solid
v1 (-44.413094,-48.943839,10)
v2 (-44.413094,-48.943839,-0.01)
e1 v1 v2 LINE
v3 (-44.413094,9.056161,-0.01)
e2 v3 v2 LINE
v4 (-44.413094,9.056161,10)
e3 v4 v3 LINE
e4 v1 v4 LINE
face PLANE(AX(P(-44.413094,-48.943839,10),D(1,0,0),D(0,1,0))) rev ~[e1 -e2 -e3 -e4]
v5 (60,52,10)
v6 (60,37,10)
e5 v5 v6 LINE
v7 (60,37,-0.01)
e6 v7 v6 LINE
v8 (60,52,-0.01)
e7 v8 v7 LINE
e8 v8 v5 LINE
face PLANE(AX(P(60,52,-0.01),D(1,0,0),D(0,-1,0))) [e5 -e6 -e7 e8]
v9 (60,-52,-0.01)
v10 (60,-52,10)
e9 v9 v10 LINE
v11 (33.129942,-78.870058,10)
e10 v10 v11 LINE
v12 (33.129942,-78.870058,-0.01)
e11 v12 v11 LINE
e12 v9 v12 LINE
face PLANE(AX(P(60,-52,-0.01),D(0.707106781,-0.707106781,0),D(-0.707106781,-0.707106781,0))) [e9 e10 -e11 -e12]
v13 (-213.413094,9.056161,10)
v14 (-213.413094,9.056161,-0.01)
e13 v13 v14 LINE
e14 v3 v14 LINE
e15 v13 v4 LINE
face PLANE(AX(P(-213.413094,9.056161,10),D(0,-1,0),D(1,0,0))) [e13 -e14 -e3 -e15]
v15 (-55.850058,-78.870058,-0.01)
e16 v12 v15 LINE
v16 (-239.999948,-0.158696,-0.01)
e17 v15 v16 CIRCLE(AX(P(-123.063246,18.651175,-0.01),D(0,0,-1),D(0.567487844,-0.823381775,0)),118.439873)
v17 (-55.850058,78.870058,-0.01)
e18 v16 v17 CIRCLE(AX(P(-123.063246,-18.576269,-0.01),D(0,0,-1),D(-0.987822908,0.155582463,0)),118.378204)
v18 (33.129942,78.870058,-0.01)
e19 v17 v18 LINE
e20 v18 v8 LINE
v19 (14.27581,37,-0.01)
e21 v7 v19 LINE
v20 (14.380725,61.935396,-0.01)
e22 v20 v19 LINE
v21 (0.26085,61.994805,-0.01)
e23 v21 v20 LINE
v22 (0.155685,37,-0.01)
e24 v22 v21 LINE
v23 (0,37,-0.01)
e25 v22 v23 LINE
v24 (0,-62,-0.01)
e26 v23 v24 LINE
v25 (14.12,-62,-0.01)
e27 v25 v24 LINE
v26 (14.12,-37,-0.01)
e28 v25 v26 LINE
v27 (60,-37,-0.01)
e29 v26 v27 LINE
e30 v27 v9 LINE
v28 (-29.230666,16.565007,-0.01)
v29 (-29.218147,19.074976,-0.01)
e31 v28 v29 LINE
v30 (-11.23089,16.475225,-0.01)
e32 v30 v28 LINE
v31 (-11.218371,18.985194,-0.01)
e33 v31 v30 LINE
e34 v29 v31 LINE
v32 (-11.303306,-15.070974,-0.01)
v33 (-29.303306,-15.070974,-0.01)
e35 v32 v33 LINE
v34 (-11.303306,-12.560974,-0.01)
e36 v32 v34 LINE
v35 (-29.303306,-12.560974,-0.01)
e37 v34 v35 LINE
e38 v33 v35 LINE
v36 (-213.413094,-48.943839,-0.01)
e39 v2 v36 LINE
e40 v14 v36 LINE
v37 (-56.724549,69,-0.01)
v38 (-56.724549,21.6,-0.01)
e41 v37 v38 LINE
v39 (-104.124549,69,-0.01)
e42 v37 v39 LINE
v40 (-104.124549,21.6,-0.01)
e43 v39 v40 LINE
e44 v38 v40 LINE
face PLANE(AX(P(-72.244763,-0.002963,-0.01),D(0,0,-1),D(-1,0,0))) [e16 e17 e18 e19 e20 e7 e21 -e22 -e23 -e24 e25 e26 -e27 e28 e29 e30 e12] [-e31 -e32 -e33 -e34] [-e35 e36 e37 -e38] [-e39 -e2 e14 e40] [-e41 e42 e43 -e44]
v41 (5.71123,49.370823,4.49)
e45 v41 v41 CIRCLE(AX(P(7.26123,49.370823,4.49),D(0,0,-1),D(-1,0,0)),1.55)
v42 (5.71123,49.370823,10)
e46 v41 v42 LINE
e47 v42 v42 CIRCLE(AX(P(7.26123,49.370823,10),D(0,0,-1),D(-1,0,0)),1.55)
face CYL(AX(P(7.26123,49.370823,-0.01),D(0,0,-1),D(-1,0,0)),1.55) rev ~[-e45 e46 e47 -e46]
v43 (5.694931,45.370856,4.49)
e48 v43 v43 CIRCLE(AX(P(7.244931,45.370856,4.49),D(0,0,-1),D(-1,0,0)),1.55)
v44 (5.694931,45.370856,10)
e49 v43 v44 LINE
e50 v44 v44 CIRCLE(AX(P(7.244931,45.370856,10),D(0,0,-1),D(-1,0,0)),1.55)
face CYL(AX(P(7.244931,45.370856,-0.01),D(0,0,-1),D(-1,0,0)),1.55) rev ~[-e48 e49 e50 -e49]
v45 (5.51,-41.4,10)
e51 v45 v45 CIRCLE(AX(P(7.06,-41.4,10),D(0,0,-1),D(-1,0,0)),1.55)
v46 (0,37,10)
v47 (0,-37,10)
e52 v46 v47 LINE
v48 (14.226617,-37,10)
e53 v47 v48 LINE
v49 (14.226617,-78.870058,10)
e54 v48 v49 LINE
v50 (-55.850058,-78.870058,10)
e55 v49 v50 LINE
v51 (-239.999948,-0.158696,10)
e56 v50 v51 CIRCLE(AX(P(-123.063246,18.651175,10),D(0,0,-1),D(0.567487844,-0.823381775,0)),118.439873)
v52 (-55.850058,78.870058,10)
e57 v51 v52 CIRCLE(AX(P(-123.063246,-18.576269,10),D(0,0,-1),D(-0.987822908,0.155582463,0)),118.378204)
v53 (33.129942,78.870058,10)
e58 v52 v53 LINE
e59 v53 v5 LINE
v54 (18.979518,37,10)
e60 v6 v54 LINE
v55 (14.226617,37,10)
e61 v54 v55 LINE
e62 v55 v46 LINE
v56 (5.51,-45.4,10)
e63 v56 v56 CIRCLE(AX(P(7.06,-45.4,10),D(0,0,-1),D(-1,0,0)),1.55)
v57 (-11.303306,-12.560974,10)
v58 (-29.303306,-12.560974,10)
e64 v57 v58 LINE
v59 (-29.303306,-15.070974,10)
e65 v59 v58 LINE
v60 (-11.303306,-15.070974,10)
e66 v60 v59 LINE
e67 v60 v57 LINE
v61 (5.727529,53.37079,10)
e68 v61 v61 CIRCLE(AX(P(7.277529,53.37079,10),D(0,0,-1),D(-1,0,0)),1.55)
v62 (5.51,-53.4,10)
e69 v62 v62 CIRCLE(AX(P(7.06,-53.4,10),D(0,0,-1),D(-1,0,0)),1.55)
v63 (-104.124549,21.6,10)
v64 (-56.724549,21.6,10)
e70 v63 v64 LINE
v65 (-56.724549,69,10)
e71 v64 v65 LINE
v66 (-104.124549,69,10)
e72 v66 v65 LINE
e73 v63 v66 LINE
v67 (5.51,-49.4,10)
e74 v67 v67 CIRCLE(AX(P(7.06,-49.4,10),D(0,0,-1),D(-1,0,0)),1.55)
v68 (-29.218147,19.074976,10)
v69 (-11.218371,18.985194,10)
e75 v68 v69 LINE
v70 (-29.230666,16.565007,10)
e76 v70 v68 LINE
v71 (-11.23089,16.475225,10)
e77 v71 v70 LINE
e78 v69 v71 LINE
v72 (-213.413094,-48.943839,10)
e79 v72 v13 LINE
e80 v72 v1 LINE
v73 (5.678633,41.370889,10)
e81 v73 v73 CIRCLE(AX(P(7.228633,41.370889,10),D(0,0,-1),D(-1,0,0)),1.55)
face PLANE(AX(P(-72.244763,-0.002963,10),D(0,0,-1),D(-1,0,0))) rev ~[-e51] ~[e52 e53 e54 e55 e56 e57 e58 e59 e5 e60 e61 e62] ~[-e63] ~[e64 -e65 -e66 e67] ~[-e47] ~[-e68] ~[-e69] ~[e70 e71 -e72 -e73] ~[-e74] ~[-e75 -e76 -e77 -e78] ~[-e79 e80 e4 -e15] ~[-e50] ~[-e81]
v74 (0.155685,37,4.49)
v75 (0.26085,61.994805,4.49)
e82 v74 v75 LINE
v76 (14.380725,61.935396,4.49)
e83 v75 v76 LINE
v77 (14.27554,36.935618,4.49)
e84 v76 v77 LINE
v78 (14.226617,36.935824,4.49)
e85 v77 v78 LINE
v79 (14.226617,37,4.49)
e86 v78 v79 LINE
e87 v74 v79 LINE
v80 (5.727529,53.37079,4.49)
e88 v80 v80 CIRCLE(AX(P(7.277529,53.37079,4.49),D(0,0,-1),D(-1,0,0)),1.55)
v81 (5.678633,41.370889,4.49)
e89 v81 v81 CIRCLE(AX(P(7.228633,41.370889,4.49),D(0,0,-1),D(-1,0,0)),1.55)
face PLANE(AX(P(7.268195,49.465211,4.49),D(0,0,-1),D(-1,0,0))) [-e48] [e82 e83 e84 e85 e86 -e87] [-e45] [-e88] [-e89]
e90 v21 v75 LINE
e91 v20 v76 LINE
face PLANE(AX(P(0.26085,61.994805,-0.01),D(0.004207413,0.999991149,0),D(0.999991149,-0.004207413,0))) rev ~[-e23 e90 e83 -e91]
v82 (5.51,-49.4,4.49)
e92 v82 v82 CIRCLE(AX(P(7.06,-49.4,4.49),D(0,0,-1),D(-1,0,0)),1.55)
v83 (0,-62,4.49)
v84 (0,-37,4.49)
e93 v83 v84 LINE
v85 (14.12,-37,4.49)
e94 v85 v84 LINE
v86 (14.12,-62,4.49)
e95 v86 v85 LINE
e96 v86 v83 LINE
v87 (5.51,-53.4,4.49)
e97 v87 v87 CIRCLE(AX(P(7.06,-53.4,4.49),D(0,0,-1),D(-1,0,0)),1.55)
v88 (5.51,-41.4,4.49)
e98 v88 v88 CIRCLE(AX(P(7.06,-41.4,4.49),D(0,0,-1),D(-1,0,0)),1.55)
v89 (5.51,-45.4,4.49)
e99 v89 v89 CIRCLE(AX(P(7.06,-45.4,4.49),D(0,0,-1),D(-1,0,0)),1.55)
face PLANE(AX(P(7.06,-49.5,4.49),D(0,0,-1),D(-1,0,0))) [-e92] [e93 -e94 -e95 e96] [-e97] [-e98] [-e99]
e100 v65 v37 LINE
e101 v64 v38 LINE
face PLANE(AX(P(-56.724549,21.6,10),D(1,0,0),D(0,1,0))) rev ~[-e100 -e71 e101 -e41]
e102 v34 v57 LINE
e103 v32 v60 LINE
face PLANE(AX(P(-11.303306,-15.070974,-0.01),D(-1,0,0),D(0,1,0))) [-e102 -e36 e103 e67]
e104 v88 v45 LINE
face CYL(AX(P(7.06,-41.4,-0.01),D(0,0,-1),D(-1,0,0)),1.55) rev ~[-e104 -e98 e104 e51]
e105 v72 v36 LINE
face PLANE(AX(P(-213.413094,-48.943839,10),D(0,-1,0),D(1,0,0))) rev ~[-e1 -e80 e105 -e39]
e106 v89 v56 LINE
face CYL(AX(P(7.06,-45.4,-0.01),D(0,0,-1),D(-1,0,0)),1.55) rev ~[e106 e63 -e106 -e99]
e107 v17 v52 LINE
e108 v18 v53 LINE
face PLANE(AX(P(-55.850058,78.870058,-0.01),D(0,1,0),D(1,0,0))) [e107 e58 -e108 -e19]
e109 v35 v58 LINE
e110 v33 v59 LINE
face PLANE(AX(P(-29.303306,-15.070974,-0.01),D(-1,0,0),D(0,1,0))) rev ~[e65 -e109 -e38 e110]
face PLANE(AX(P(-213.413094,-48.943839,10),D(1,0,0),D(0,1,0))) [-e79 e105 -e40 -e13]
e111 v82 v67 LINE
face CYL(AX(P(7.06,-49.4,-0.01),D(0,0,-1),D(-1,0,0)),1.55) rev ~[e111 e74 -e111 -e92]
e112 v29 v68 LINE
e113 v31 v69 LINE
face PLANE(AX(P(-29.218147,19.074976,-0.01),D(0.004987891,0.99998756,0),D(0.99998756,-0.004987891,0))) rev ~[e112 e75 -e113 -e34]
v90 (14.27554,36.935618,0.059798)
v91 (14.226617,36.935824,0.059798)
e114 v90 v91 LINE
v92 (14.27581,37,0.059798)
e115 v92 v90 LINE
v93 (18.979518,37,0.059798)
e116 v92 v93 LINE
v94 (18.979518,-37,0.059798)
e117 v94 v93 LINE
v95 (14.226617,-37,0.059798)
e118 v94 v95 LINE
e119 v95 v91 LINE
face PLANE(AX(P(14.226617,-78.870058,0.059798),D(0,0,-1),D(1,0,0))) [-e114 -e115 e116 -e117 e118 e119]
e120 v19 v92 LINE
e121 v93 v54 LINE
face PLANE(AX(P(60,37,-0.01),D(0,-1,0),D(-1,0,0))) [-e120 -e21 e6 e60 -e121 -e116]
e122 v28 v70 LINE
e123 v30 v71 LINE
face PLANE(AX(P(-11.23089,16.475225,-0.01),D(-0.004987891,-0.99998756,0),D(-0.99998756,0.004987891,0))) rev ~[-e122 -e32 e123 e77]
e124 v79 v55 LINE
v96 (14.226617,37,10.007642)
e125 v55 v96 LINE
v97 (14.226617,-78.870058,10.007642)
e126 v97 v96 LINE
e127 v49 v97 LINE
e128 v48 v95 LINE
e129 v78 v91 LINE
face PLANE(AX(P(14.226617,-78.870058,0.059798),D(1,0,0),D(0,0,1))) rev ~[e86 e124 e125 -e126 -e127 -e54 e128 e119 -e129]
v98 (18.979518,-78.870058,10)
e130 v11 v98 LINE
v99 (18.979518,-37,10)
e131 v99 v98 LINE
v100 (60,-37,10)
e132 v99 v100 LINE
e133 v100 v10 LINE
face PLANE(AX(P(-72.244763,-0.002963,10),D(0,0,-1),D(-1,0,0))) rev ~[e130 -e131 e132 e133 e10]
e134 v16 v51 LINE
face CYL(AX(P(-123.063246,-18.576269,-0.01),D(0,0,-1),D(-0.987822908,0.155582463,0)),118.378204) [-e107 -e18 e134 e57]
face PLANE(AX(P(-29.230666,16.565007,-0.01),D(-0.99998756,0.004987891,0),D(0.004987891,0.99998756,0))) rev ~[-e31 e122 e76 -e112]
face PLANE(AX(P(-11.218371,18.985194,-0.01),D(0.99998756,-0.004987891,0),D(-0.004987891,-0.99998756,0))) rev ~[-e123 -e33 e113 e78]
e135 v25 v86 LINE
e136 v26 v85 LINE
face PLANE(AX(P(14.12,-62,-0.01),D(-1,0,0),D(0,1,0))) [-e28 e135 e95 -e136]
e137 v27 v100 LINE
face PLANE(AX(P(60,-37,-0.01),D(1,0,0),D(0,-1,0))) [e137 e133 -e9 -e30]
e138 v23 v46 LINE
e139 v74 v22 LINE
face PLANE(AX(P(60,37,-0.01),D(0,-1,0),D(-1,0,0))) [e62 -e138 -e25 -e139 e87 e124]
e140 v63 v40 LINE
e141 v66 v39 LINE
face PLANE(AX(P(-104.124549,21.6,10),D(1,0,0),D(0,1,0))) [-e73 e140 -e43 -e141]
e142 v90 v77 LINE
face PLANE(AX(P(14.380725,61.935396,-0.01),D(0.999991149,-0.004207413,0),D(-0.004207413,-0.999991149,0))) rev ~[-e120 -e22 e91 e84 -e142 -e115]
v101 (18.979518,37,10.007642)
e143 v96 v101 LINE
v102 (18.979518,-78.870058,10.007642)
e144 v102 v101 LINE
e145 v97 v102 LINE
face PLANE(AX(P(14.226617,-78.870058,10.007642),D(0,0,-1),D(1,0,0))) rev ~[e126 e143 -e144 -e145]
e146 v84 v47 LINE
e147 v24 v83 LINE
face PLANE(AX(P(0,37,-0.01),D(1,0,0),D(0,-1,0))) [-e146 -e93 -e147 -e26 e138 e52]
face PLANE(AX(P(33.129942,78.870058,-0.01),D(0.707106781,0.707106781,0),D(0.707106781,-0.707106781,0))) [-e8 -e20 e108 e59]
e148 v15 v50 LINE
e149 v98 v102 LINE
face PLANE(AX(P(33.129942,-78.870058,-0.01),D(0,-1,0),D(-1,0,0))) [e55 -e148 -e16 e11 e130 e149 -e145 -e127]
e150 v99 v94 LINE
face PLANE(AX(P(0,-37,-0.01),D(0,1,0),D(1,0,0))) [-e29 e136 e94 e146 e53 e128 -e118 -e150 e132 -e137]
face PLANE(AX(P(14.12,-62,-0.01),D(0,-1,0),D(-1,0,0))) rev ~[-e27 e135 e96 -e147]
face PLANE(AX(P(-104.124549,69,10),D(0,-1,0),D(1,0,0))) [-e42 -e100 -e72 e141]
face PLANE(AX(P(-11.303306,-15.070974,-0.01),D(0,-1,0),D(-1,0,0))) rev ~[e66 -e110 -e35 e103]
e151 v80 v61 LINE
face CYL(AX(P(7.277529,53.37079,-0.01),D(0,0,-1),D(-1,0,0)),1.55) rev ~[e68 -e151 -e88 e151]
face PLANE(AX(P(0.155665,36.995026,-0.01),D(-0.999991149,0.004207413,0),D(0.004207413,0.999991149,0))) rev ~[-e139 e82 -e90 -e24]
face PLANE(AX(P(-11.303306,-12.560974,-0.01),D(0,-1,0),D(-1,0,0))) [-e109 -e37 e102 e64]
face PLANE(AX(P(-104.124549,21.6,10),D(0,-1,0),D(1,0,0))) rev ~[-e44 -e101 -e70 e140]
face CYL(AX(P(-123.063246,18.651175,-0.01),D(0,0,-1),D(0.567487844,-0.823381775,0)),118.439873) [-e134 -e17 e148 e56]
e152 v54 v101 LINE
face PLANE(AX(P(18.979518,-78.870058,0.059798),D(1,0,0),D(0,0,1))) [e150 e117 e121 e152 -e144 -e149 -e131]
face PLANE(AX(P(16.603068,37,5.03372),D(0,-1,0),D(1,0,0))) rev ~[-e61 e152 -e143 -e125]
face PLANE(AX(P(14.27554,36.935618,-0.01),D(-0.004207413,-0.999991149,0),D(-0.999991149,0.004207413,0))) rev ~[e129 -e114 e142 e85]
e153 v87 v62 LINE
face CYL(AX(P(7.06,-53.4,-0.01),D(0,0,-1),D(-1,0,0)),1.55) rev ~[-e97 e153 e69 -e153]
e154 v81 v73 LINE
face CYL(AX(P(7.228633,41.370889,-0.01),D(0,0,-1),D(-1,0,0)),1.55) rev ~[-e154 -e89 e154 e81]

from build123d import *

# Parameters (mm, degrees)
BOSS_EXTRUDE1_DEPTH      = 10
BOSS_EXTRUDE1_DEPTH_BACK = 0.01
SKETCH7_W                = 169
SKETCH7_H                = 58
CUT_EXTRUDE4_DEPTH       = 261.116514656
SKETCH18_W               = 47.4
SKETCH18_H               = 47.4
CUT_EXTRUDE18_DEPTH      = 261.116514656
SKETCH28_W               = 4.75290021
SKETCH28_H               = 9.947843747
BOSS_EXTRUDE6_DEPTH      = 115.870057685
SKETCH30_W               = 14.12
SKETCH30_H               = 25
CUT_EXTRUDE25_DEPTH      = 4.5
SKETCH33_R               = 1.55
CUT_EXTRUDE26_DEPTH      = 10.01
SKETCH44_W               = 18
SKETCH44_H               = 2.51
CUT_EXTRUDE30_DEPTH      = 10.01


with BuildPart() as part:
    # Sketch1 → Boss-Extrude1 (new, two sides: drawn at the far end of the back side and taken through both)
    with BuildSketch(Plane.XY.offset(-BOSS_EXTRUDE1_DEPTH_BACK)):
        with BuildLine():
            Line((0, 0), (0, -37))
            Line((0, -37), (60, -37))
            Line((60, -37), (60, -52))
            Line((60, -52), (33.129942315, -78.870057685))
            Line((33.129942315, -78.870057685), (-55.850057685, -78.870057685))
            ThreePointArc((-55.850057685, -78.870057685), (-169.614041234, -90.257166815), (-239.999947532, -0.158696229))
            ThreePointArc((-239.999947532, -0.158696229), (-169.748285548, 90.207490359), (-55.850057685, 78.870057685))
            Line((-55.850057685, 78.870057685), (33.129942315, 78.870057685))
            Line((33.129942315, 78.870057685), (60, 52))
            Line((60, 52), (60, 37))
            Line((60, 37), (0, 37))
            Line((0, 37), (0, 0))
        make_face()
    extrude(amount=BOSS_EXTRUDE1_DEPTH + BOSS_EXTRUDE1_DEPTH_BACK)

    # Sketch7 → Cut-Extrude4 (cut, through all)
    with BuildSketch(Plane.XY.offset(10)):
        with Locations((-128.91309413, -19.94383898)):
            Rectangle(SKETCH7_W, SKETCH7_H)
    extrude(amount=-CUT_EXTRUDE4_DEPTH, mode=Mode.SUBTRACT)

    # Sketch18 → Cut-Extrude18 (cut, through all)
    with BuildSketch(Plane.XY.offset(10)):
        with Locations((-80.42454895, 45.3)):
            Rectangle(SKETCH18_W, SKETCH18_H)
    extrude(amount=-CUT_EXTRUDE18_DEPTH, mode=Mode.SUBTRACT)

    # Sketch28 → Boss-Extrude6 (add)
    with BuildSketch(Plane.XZ.offset(78.870057685)):
        with Locations((16.603067585, 5.033719824)):
            Rectangle(SKETCH28_W, SKETCH28_H)
    extrude(amount=-BOSS_EXTRUDE6_DEPTH)

    # Sketch30 → Cut-Extrude25 (cut)
    with BuildSketch(Plane(origin=(0, 0, -0.01), x_dir=(-1, 0, 0), z_dir=(0, 0, -1))):
        with Locations((-7.06, -49.5)):
            Rectangle(SKETCH30_W, SKETCH30_H)
        Polygon((-14.38072485, 61.935396467), (-14.275539526, 36.935617747), (-0.155664505, 36.995026418), (-0.260849829, 61.994805138), align=None)
    extrude(amount=-CUT_EXTRUDE25_DEPTH, mode=Mode.SUBTRACT)

    # Sketch33 → Cut-Extrude26 (cut)
    with BuildSketch(Plane(origin=(0, 0, -0.01), x_dir=(-1, 0, 0), z_dir=(0, 0, -1))):
        with Locations((-7.06, -53.4)):
            Circle(SKETCH33_R)
        with Locations((-7.06, -49.4)):
            Circle(SKETCH33_R)
        with Locations((-7.06, -45.4)):
            Circle(SKETCH33_R)
        with Locations((-7.06, -41.4)):
            Circle(SKETCH33_R)
        with Locations((-7.228632788, 41.370889137)):
            Circle(SKETCH33_R)
        with Locations((-7.244931474, 45.370855931)):
            Circle(SKETCH33_R)
        with Locations((-7.261230159, 49.370822725)):
            Circle(SKETCH33_R)
        with Locations((-7.277528845, 53.370789519)):
            Circle(SKETCH33_R)
    extrude(amount=-CUT_EXTRUDE26_DEPTH, mode=Mode.SUBTRACT)

    # Sketch44 → Cut-Extrude30 (cut)
    with BuildSketch(Plane(origin=(0, 0, -0.01), x_dir=(-1, 0, 0), z_dir=(0, 0, -1))):
        with Locations((20.303305502, -13.815974066)):
            Rectangle(SKETCH44_W, SKETCH44_H)
        Polygon((29.23066644, 16.565007379), (29.218146833, 19.074976156), (11.218370746, 18.985194117), (11.230890353, 16.47522534), align=None)
    extrude(amount=-CUT_EXTRUDE30_DEPTH, mode=Mode.SUBTRACT)


solid = part.part
